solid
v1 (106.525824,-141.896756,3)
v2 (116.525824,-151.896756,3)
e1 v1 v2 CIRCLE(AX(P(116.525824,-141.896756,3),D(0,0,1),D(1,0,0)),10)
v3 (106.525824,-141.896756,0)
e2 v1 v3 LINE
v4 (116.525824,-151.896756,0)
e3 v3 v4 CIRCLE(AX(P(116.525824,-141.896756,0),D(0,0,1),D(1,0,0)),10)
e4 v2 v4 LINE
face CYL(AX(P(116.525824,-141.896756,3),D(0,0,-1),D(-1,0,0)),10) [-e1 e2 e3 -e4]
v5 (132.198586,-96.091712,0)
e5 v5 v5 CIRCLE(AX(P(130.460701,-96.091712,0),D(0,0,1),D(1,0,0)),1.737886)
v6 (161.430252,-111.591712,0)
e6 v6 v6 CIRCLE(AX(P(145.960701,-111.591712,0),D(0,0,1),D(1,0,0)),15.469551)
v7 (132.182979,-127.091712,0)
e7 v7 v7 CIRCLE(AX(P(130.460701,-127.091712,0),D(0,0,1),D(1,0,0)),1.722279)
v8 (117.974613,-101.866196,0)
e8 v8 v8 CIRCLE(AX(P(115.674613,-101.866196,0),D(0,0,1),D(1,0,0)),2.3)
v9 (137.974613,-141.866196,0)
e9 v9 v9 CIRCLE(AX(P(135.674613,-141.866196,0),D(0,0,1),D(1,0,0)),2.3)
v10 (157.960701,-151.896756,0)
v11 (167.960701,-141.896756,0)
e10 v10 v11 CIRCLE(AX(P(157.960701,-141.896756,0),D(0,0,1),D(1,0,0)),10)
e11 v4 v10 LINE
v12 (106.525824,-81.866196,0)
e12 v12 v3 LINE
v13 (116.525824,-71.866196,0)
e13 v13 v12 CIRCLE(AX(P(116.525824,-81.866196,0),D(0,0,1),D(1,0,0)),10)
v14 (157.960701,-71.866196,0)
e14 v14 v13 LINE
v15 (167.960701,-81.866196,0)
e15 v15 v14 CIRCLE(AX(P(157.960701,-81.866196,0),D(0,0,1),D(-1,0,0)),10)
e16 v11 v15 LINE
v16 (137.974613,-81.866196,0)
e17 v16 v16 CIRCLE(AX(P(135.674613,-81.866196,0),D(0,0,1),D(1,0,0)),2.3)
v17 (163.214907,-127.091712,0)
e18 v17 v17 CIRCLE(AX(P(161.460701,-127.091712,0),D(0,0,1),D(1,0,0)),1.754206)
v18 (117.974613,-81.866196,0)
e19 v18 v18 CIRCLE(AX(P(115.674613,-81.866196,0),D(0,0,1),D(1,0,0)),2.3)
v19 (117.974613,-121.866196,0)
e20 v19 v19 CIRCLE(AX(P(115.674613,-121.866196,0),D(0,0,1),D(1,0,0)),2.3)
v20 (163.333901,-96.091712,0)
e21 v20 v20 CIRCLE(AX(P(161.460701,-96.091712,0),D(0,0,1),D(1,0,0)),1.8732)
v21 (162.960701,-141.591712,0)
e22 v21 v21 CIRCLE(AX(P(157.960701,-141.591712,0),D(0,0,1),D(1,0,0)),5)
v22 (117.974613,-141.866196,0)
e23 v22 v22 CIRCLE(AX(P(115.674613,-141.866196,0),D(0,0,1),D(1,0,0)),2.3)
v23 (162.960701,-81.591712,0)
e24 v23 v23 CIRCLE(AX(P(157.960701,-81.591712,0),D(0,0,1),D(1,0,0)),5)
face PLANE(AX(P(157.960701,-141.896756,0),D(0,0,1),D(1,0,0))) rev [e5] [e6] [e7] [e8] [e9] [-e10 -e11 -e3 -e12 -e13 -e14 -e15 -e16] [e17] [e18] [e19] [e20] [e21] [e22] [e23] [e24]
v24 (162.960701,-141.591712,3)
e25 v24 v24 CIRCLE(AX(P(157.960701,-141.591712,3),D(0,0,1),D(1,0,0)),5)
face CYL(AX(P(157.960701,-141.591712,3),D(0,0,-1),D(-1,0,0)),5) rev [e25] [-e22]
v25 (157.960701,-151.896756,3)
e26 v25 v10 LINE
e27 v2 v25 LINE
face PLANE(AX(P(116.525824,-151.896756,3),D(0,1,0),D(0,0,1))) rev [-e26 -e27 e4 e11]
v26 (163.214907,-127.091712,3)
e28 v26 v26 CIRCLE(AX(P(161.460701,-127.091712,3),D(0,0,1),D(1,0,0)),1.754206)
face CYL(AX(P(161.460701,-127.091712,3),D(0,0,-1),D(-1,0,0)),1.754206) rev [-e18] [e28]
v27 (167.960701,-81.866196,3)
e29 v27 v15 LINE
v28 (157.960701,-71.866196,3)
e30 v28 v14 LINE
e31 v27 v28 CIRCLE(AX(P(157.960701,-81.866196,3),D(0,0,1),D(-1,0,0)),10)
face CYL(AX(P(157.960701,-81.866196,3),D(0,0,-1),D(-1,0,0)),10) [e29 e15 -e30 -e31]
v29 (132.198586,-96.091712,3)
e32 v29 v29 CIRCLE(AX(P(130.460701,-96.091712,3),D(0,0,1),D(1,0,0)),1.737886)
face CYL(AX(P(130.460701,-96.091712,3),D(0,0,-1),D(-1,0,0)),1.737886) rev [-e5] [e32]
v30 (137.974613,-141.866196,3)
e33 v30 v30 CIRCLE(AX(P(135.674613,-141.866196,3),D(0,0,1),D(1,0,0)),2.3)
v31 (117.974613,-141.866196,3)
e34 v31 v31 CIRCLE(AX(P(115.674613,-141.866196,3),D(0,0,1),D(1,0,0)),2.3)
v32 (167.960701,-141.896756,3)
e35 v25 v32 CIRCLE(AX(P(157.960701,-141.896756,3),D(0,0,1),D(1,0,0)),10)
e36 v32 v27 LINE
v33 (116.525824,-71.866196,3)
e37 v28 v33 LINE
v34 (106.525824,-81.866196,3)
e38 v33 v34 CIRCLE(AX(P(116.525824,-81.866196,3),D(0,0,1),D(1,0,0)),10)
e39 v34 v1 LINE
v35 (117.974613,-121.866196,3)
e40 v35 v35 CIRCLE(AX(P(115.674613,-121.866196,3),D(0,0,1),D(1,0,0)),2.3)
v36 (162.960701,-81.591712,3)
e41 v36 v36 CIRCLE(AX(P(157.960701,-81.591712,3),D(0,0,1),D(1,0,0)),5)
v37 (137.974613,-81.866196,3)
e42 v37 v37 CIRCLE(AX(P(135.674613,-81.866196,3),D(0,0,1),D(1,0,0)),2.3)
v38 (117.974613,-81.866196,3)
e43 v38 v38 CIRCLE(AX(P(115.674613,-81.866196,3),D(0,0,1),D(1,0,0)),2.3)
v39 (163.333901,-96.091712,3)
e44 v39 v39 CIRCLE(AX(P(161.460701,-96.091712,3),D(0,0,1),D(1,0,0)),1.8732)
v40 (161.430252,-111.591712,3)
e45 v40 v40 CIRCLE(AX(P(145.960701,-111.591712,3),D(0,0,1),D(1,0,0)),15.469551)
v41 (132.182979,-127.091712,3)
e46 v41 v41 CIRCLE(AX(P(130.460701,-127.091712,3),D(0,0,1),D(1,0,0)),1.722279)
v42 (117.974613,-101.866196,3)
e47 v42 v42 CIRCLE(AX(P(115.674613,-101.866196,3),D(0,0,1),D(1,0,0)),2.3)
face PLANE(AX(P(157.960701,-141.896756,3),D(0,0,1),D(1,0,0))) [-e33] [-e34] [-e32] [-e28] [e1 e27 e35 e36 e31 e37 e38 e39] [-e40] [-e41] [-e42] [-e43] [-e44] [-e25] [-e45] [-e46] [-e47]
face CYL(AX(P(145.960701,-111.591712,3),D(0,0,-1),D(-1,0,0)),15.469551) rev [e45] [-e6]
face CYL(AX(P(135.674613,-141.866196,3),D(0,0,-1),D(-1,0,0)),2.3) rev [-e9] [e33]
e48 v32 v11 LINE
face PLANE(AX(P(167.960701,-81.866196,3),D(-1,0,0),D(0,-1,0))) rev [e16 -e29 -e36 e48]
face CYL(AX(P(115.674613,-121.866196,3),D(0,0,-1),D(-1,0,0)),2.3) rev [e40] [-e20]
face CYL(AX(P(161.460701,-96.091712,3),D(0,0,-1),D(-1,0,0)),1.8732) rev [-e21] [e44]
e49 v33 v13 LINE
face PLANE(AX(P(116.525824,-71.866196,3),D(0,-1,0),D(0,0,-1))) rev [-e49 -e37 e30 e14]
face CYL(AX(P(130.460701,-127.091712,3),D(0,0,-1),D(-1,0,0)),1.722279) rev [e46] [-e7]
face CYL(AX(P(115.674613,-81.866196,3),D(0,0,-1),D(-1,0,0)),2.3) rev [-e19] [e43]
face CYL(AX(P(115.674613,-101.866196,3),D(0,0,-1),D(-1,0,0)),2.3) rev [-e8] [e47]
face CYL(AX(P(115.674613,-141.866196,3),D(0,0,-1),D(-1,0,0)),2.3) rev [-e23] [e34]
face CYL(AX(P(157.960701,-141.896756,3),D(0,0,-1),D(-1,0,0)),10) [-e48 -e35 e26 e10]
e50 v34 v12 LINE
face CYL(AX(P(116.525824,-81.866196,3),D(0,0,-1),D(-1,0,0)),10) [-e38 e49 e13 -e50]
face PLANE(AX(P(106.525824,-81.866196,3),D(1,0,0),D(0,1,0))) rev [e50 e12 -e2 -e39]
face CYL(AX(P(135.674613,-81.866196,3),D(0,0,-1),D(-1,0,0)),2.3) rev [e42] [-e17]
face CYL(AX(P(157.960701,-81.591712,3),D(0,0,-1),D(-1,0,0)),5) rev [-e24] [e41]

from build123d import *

# Parameters (mm, degrees)
SKETCH1_R           = 2.3
SKETCH1_R_2         = 1.737885662
SKETCH1_R_3         = 1.873200063
SKETCH1_R_4         = 1.722278718
SKETCH1_R_5         = 1.754205974
SKETCH1_R_6         = 15.469551166
SKETCH1_R_7         = 5
BOSS_EXTRUDE1_DEPTH = 3


with BuildPart() as part:
    # Sketch1 → Boss-Extrude1 (new body)
    with BuildSketch(Plane.XY):
        with BuildLine():
            Line((116.525823666, -71.866196008), (157.960700719, -71.866196008))
            ThreePointArc((157.960700719, -71.866196008), (165.031768531, -74.795128196), (167.960700719, -81.866196008))
            Line((167.960700719, -81.866196008), (167.960700719, -141.896756479))
            ThreePointArc((167.960700719, -141.896756479), (165.031768531, -148.967824291), (157.960700719, -151.896756479))
            Line((157.960700719, -151.896756479), (116.525823666, -151.896756479))
            ThreePointArc((116.525823666, -151.896756479), (109.454755854, -148.967824291), (106.525823666, -141.896756479))
            Line((106.525823666, -141.896756479), (106.525823666, -81.866196008))
            ThreePointArc((106.525823666, -81.866196008), (109.454755854, -74.795128196), (116.525823666, -71.866196008))
        make_face()
        with Locations((115.674612816, -101.866196008)):
            Circle(SKETCH1_R, mode=Mode.SUBTRACT)
        with Locations((115.674612816, -121.866196008)):
            Circle(SKETCH1_R, mode=Mode.SUBTRACT)
        with Locations((135.674612816, -141.866196008)):
            Circle(SKETCH1_R, mode=Mode.SUBTRACT)
        with Locations((135.674612816, -81.866196008)):
            Circle(SKETCH1_R, mode=Mode.SUBTRACT)
        with Locations((115.674612816, -81.866196008)):
            Circle(SKETCH1_R, mode=Mode.SUBTRACT)
        with Locations((115.674612816, -141.866196008)):
            Circle(SKETCH1_R, mode=Mode.SUBTRACT)
        with Locations((130.460700719, -96.091712302)):
            Circle(SKETCH1_R_2, mode=Mode.SUBTRACT)
        with Locations((161.460700719, -96.091712302)):
            Circle(SKETCH1_R_3, mode=Mode.SUBTRACT)
        with Locations((130.460700719, -127.091712302)):
            Circle(SKETCH1_R_4, mode=Mode.SUBTRACT)
        with Locations((161.460700719, -127.091712302)):
            Circle(SKETCH1_R_5, mode=Mode.SUBTRACT)
        with Locations((145.960700719, -111.591712302)):
            Circle(SKETCH1_R_6, mode=Mode.SUBTRACT)
        with Locations((157.960700719, -81.591712302)):
            Circle(SKETCH1_R_7, mode=Mode.SUBTRACT)
        with Locations((157.960700719, -141.591712302)):
            Circle(SKETCH1_R_7, mode=Mode.SUBTRACT)
    extrude(amount=BOSS_EXTRUDE1_DEPTH)


solid = part.part
